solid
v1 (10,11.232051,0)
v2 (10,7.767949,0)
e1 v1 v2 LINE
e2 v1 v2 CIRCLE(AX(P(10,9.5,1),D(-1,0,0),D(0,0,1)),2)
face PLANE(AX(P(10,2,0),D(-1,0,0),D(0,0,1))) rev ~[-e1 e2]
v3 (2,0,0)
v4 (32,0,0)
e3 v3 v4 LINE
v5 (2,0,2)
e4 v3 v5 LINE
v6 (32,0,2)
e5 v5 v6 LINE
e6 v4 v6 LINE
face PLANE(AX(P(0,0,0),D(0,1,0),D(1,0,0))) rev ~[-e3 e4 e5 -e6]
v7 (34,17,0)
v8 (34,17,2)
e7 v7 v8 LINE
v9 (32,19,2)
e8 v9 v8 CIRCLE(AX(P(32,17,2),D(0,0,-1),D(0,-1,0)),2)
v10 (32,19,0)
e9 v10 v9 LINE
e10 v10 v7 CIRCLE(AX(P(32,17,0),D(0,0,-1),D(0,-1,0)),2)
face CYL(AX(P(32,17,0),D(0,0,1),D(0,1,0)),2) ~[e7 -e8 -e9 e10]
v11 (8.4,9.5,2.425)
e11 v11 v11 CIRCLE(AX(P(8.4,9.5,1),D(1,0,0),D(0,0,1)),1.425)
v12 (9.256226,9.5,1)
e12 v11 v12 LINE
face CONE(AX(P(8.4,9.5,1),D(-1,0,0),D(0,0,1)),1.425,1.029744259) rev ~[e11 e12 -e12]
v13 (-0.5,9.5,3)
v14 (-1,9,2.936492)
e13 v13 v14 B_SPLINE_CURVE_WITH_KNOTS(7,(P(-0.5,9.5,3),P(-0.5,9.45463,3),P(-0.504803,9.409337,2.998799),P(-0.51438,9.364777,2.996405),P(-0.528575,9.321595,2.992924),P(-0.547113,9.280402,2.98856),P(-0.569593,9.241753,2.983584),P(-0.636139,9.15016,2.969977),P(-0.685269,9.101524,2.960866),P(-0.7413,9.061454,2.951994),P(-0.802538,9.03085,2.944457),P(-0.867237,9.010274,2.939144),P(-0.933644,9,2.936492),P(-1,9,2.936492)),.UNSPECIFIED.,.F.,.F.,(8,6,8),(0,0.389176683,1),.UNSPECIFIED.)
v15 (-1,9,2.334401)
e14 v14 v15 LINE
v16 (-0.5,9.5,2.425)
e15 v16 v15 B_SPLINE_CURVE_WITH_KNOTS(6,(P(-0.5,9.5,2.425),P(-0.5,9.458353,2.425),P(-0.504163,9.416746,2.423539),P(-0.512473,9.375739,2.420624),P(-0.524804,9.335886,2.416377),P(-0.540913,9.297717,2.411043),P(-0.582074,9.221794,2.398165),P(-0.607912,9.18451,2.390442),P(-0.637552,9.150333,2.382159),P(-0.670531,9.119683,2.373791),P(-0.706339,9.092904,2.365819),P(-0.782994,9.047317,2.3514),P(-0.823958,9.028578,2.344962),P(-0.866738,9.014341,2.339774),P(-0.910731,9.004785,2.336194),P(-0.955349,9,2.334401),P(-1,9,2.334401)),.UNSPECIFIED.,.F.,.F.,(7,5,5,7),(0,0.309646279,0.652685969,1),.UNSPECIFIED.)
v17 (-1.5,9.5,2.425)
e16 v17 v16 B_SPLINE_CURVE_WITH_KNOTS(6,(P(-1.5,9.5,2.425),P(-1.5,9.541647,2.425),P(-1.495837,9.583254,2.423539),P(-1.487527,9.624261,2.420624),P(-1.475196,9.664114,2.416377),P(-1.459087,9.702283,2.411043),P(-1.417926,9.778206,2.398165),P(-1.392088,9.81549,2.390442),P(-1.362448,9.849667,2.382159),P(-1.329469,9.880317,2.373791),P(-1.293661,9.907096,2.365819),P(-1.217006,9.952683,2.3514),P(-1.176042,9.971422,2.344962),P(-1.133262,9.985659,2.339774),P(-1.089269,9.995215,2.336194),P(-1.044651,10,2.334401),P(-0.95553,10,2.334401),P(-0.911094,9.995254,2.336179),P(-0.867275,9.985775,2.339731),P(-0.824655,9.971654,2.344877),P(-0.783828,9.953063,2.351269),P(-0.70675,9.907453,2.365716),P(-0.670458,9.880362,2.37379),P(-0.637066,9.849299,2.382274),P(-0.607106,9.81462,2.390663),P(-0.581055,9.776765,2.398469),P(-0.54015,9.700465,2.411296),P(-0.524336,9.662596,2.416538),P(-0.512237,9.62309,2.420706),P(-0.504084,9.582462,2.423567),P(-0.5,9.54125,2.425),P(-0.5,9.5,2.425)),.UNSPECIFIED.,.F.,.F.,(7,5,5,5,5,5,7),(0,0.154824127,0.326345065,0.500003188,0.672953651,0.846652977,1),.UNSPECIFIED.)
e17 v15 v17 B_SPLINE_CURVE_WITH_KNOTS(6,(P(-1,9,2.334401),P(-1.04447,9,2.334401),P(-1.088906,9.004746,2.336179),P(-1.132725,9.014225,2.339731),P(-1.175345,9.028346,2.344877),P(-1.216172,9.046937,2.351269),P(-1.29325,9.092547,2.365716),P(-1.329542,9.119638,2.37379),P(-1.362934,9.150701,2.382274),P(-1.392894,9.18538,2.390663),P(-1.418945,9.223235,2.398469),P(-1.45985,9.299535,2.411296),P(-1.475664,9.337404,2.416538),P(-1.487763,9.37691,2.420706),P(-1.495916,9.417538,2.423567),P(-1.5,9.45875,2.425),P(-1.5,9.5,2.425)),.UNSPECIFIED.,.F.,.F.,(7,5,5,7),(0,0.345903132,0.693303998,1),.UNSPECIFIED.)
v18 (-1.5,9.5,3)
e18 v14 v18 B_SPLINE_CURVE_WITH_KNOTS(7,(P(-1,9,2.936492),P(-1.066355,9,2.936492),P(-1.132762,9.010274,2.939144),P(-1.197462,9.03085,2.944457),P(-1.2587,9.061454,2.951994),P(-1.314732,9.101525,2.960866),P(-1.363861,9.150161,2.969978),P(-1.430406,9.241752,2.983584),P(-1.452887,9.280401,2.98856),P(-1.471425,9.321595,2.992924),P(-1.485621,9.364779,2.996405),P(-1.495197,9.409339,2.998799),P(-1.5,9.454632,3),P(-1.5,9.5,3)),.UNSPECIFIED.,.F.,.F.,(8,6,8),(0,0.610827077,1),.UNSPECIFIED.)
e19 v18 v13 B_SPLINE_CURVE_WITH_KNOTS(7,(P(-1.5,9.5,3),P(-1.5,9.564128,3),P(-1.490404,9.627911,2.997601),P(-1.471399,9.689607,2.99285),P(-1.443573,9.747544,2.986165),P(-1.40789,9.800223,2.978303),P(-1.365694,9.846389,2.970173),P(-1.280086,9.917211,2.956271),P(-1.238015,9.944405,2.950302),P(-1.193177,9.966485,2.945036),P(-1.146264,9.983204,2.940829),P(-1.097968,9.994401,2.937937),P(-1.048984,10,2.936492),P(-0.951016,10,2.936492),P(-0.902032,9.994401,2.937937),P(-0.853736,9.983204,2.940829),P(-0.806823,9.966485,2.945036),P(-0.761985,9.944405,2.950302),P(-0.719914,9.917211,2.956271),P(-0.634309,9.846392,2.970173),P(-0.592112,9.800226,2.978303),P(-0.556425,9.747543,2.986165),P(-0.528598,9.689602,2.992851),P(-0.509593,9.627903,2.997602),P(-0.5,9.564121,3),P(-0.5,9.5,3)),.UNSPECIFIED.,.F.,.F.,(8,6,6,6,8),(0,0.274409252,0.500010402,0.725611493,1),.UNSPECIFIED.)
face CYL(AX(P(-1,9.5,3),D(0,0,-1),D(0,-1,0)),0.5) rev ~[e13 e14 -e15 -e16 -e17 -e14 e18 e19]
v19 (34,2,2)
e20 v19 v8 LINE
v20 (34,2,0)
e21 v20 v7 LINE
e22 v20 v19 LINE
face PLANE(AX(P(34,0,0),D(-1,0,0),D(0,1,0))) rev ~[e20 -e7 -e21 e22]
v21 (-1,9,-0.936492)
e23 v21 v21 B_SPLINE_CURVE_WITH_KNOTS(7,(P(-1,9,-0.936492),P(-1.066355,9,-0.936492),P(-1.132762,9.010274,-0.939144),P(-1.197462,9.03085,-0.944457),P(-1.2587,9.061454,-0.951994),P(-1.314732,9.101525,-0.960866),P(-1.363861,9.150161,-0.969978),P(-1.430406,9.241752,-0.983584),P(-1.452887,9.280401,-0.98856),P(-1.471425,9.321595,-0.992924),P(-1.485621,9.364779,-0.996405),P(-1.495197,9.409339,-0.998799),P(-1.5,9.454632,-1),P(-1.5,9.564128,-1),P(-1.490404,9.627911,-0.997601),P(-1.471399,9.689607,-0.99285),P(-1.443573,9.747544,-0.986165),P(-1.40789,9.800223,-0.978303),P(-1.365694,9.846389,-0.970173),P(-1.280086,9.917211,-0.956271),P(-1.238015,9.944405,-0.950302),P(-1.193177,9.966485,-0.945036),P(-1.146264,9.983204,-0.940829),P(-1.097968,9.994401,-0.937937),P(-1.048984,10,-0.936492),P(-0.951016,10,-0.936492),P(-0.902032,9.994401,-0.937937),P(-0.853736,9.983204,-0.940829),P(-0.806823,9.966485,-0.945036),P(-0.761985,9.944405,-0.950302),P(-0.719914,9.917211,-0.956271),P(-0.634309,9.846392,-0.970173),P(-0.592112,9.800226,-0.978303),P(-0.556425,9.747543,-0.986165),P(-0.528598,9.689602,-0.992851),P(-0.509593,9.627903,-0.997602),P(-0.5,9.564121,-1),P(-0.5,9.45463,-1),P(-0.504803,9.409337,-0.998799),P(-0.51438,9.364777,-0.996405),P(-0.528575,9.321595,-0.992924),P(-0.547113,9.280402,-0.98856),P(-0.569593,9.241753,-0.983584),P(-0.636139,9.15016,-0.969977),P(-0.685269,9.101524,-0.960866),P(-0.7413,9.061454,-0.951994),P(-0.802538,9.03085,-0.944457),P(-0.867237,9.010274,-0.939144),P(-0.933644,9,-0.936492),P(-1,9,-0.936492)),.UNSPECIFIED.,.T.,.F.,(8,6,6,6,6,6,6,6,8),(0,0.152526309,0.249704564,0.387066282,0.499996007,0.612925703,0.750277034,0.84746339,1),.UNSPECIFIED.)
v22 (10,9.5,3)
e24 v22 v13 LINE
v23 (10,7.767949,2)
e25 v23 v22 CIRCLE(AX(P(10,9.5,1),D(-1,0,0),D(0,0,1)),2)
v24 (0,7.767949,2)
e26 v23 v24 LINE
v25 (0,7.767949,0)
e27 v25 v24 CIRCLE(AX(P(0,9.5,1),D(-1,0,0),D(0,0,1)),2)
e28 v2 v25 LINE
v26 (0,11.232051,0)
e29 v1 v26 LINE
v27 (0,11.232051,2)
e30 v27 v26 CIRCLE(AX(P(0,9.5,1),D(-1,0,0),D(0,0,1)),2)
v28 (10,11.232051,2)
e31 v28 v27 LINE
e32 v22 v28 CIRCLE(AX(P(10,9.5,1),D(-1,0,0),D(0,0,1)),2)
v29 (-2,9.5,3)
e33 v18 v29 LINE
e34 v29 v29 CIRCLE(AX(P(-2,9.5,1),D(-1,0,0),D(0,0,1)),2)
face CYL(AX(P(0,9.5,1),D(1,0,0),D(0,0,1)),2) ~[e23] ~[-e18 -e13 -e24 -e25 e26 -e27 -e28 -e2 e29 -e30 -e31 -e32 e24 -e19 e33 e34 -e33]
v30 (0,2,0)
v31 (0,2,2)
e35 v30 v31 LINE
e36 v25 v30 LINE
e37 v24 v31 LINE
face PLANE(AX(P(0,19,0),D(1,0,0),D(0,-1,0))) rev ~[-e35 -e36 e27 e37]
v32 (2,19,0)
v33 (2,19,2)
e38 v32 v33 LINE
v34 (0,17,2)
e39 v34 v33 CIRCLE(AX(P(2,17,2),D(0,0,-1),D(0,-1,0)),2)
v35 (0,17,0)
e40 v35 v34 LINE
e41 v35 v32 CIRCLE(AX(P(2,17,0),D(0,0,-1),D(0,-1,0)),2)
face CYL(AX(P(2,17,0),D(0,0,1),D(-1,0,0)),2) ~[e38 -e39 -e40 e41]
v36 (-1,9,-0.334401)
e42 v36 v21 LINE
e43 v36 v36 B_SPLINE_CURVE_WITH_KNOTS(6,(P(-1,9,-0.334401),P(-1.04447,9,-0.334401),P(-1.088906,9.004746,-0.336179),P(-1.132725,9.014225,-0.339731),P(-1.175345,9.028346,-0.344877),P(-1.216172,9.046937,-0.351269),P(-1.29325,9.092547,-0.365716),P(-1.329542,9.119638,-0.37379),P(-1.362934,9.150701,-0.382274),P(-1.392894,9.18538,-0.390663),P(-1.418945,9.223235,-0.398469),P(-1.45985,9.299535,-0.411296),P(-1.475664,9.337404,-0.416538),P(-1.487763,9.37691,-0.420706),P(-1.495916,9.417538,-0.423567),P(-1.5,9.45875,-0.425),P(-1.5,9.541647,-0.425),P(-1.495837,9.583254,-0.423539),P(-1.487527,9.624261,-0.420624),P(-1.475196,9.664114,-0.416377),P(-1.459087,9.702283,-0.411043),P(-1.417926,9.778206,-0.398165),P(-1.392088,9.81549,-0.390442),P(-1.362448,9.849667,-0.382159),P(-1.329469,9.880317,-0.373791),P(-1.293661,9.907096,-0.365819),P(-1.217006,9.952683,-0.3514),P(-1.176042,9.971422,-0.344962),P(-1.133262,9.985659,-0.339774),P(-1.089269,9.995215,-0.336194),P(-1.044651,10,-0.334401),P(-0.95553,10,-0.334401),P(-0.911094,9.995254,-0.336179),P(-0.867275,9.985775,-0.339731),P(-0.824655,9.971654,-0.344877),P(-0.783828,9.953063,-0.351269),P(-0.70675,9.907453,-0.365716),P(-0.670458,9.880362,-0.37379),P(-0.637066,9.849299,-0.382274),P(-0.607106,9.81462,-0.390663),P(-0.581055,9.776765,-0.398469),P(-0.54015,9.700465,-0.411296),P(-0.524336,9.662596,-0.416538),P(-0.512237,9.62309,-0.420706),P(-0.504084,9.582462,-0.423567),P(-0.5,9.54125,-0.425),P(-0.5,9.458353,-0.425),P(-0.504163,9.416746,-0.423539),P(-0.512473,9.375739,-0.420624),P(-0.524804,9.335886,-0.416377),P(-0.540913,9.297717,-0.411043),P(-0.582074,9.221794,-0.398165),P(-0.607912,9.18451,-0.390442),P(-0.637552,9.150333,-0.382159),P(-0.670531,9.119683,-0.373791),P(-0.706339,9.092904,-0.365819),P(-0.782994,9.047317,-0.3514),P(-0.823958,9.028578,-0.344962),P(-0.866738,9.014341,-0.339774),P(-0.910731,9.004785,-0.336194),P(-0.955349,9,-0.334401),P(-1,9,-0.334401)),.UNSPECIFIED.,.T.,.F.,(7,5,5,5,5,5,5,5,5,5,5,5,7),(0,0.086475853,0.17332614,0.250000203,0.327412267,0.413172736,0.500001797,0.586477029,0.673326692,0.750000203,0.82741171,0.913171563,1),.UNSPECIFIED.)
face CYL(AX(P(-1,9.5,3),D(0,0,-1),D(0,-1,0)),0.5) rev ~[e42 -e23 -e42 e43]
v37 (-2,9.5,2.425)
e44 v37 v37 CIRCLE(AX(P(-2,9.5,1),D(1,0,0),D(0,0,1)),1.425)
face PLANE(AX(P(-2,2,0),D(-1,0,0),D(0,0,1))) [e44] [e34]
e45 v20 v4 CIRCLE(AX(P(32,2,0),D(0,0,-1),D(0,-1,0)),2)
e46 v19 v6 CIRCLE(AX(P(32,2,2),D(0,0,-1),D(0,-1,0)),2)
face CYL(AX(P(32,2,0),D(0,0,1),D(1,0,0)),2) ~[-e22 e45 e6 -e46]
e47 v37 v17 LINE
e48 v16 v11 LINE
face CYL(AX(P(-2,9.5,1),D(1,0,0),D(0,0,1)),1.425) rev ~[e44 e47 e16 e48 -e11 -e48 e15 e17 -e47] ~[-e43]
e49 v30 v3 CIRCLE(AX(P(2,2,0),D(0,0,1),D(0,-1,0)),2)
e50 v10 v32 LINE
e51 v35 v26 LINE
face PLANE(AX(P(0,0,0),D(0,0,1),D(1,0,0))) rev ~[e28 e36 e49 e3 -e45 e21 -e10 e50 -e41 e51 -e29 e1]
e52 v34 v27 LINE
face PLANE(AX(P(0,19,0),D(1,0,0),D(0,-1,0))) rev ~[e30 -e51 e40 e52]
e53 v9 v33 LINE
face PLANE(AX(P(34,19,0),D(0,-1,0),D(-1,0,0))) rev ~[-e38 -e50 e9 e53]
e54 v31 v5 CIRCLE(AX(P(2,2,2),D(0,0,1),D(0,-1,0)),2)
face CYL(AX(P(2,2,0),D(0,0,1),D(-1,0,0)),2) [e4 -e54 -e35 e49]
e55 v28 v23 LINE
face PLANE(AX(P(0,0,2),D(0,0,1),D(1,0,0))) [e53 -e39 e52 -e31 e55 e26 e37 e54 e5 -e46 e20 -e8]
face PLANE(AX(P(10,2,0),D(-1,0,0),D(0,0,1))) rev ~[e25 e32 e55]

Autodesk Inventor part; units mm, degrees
ref_plane "YZ Plane" through (0, 0, 0) normal (1, 0, 0) x (0, 1, 0)
sketch "Sketch1" plane through (0, 0, 0) normal (0, 0, 1) x (1, 0, 0)
  line L0 (0, 0) -> (34, 0)
  line L1 (34, 0) -> (34, 19)
  line L2 (34, 19) -> (0, 19)
  line L3 (0, 19) -> (0, 0)
  dimension "d0" = 34
extrude "Extrusion1" add sketch "Sketch1" along normal blind 2
fillet "Fillet1" radius 2 4 edges at (34, 19, 1) (34, 0, 1) (0, 19, 1) (0, 0, 1)
sketch "Sketch3" plane through (0, 2, 0) normal (-1, 0, 0) x (0, 0, 1)
  line L0 (2, 0) -> (0, 0) construction
  line L1 (2, 15) -> (2, 0) construction
  line L2 (0, 0) -> (2, 15) construction
  line L3 (0, 15) -> (2, 0) construction
  circle A0 centre (1, 7.5) radius 2
  point P0 (0, -2)
  dimension "d4" = 4
extrude "Extrusion2" add sketch "Sketch3" along normal blind 2 and the other way blind 10
sketch "Sketch4" plane through (-2, 9.5, 1) normal (-1, 0, 0) x (0, 0, 1)
  point P0 (-1, -9.5)
  point P1 (0, 0)
hole "Hole1" at (-2, 9.5, 1) direction (1, 0, 0) diameter 2.85 depth 10.4 tip angle 118 thread size "M3.5x0.6" class "6H" standard "ANSI Metric M Profile"
ref_plane "Work Plane2" through (0, 0, 3) normal (0, 0, 1) x (1, 0, 0)
ref_plane "Work Plane1" through (0, 0, 1) normal (0, 0, 1) x (1, 0, 0)
sketch "Sketch6" plane through (0, 0, 3) normal (0, 0, 1) x (1, 0, 0)
  line L0 (-2, 11.5) -> (-2, 7.5) construction
  line L1 (0, 7.5) -> (0, 7.7679) construction
  line L2 (-2, 11.5) -> (0, 7.5) construction
  line L3 (0, 7.5) -> (-2, 7.5) construction
  line L4 (-2, 7.5) -> (0, 11.5) construction
  line L5 (0, 11.5) -> (-2, 11.5) construction
  point P0 (0, 0)
  point P1 (-1, 9.5)
hole "Hole2" at (-1, 9.5, 3) direction (0, 0, -1) diameter 1 end through all
ref_plane "Work Plane3" through (0, 0, 3) normal (0, 0, 1) x (1, 0, 0)
properties part number "UntererRührerBlatt"
